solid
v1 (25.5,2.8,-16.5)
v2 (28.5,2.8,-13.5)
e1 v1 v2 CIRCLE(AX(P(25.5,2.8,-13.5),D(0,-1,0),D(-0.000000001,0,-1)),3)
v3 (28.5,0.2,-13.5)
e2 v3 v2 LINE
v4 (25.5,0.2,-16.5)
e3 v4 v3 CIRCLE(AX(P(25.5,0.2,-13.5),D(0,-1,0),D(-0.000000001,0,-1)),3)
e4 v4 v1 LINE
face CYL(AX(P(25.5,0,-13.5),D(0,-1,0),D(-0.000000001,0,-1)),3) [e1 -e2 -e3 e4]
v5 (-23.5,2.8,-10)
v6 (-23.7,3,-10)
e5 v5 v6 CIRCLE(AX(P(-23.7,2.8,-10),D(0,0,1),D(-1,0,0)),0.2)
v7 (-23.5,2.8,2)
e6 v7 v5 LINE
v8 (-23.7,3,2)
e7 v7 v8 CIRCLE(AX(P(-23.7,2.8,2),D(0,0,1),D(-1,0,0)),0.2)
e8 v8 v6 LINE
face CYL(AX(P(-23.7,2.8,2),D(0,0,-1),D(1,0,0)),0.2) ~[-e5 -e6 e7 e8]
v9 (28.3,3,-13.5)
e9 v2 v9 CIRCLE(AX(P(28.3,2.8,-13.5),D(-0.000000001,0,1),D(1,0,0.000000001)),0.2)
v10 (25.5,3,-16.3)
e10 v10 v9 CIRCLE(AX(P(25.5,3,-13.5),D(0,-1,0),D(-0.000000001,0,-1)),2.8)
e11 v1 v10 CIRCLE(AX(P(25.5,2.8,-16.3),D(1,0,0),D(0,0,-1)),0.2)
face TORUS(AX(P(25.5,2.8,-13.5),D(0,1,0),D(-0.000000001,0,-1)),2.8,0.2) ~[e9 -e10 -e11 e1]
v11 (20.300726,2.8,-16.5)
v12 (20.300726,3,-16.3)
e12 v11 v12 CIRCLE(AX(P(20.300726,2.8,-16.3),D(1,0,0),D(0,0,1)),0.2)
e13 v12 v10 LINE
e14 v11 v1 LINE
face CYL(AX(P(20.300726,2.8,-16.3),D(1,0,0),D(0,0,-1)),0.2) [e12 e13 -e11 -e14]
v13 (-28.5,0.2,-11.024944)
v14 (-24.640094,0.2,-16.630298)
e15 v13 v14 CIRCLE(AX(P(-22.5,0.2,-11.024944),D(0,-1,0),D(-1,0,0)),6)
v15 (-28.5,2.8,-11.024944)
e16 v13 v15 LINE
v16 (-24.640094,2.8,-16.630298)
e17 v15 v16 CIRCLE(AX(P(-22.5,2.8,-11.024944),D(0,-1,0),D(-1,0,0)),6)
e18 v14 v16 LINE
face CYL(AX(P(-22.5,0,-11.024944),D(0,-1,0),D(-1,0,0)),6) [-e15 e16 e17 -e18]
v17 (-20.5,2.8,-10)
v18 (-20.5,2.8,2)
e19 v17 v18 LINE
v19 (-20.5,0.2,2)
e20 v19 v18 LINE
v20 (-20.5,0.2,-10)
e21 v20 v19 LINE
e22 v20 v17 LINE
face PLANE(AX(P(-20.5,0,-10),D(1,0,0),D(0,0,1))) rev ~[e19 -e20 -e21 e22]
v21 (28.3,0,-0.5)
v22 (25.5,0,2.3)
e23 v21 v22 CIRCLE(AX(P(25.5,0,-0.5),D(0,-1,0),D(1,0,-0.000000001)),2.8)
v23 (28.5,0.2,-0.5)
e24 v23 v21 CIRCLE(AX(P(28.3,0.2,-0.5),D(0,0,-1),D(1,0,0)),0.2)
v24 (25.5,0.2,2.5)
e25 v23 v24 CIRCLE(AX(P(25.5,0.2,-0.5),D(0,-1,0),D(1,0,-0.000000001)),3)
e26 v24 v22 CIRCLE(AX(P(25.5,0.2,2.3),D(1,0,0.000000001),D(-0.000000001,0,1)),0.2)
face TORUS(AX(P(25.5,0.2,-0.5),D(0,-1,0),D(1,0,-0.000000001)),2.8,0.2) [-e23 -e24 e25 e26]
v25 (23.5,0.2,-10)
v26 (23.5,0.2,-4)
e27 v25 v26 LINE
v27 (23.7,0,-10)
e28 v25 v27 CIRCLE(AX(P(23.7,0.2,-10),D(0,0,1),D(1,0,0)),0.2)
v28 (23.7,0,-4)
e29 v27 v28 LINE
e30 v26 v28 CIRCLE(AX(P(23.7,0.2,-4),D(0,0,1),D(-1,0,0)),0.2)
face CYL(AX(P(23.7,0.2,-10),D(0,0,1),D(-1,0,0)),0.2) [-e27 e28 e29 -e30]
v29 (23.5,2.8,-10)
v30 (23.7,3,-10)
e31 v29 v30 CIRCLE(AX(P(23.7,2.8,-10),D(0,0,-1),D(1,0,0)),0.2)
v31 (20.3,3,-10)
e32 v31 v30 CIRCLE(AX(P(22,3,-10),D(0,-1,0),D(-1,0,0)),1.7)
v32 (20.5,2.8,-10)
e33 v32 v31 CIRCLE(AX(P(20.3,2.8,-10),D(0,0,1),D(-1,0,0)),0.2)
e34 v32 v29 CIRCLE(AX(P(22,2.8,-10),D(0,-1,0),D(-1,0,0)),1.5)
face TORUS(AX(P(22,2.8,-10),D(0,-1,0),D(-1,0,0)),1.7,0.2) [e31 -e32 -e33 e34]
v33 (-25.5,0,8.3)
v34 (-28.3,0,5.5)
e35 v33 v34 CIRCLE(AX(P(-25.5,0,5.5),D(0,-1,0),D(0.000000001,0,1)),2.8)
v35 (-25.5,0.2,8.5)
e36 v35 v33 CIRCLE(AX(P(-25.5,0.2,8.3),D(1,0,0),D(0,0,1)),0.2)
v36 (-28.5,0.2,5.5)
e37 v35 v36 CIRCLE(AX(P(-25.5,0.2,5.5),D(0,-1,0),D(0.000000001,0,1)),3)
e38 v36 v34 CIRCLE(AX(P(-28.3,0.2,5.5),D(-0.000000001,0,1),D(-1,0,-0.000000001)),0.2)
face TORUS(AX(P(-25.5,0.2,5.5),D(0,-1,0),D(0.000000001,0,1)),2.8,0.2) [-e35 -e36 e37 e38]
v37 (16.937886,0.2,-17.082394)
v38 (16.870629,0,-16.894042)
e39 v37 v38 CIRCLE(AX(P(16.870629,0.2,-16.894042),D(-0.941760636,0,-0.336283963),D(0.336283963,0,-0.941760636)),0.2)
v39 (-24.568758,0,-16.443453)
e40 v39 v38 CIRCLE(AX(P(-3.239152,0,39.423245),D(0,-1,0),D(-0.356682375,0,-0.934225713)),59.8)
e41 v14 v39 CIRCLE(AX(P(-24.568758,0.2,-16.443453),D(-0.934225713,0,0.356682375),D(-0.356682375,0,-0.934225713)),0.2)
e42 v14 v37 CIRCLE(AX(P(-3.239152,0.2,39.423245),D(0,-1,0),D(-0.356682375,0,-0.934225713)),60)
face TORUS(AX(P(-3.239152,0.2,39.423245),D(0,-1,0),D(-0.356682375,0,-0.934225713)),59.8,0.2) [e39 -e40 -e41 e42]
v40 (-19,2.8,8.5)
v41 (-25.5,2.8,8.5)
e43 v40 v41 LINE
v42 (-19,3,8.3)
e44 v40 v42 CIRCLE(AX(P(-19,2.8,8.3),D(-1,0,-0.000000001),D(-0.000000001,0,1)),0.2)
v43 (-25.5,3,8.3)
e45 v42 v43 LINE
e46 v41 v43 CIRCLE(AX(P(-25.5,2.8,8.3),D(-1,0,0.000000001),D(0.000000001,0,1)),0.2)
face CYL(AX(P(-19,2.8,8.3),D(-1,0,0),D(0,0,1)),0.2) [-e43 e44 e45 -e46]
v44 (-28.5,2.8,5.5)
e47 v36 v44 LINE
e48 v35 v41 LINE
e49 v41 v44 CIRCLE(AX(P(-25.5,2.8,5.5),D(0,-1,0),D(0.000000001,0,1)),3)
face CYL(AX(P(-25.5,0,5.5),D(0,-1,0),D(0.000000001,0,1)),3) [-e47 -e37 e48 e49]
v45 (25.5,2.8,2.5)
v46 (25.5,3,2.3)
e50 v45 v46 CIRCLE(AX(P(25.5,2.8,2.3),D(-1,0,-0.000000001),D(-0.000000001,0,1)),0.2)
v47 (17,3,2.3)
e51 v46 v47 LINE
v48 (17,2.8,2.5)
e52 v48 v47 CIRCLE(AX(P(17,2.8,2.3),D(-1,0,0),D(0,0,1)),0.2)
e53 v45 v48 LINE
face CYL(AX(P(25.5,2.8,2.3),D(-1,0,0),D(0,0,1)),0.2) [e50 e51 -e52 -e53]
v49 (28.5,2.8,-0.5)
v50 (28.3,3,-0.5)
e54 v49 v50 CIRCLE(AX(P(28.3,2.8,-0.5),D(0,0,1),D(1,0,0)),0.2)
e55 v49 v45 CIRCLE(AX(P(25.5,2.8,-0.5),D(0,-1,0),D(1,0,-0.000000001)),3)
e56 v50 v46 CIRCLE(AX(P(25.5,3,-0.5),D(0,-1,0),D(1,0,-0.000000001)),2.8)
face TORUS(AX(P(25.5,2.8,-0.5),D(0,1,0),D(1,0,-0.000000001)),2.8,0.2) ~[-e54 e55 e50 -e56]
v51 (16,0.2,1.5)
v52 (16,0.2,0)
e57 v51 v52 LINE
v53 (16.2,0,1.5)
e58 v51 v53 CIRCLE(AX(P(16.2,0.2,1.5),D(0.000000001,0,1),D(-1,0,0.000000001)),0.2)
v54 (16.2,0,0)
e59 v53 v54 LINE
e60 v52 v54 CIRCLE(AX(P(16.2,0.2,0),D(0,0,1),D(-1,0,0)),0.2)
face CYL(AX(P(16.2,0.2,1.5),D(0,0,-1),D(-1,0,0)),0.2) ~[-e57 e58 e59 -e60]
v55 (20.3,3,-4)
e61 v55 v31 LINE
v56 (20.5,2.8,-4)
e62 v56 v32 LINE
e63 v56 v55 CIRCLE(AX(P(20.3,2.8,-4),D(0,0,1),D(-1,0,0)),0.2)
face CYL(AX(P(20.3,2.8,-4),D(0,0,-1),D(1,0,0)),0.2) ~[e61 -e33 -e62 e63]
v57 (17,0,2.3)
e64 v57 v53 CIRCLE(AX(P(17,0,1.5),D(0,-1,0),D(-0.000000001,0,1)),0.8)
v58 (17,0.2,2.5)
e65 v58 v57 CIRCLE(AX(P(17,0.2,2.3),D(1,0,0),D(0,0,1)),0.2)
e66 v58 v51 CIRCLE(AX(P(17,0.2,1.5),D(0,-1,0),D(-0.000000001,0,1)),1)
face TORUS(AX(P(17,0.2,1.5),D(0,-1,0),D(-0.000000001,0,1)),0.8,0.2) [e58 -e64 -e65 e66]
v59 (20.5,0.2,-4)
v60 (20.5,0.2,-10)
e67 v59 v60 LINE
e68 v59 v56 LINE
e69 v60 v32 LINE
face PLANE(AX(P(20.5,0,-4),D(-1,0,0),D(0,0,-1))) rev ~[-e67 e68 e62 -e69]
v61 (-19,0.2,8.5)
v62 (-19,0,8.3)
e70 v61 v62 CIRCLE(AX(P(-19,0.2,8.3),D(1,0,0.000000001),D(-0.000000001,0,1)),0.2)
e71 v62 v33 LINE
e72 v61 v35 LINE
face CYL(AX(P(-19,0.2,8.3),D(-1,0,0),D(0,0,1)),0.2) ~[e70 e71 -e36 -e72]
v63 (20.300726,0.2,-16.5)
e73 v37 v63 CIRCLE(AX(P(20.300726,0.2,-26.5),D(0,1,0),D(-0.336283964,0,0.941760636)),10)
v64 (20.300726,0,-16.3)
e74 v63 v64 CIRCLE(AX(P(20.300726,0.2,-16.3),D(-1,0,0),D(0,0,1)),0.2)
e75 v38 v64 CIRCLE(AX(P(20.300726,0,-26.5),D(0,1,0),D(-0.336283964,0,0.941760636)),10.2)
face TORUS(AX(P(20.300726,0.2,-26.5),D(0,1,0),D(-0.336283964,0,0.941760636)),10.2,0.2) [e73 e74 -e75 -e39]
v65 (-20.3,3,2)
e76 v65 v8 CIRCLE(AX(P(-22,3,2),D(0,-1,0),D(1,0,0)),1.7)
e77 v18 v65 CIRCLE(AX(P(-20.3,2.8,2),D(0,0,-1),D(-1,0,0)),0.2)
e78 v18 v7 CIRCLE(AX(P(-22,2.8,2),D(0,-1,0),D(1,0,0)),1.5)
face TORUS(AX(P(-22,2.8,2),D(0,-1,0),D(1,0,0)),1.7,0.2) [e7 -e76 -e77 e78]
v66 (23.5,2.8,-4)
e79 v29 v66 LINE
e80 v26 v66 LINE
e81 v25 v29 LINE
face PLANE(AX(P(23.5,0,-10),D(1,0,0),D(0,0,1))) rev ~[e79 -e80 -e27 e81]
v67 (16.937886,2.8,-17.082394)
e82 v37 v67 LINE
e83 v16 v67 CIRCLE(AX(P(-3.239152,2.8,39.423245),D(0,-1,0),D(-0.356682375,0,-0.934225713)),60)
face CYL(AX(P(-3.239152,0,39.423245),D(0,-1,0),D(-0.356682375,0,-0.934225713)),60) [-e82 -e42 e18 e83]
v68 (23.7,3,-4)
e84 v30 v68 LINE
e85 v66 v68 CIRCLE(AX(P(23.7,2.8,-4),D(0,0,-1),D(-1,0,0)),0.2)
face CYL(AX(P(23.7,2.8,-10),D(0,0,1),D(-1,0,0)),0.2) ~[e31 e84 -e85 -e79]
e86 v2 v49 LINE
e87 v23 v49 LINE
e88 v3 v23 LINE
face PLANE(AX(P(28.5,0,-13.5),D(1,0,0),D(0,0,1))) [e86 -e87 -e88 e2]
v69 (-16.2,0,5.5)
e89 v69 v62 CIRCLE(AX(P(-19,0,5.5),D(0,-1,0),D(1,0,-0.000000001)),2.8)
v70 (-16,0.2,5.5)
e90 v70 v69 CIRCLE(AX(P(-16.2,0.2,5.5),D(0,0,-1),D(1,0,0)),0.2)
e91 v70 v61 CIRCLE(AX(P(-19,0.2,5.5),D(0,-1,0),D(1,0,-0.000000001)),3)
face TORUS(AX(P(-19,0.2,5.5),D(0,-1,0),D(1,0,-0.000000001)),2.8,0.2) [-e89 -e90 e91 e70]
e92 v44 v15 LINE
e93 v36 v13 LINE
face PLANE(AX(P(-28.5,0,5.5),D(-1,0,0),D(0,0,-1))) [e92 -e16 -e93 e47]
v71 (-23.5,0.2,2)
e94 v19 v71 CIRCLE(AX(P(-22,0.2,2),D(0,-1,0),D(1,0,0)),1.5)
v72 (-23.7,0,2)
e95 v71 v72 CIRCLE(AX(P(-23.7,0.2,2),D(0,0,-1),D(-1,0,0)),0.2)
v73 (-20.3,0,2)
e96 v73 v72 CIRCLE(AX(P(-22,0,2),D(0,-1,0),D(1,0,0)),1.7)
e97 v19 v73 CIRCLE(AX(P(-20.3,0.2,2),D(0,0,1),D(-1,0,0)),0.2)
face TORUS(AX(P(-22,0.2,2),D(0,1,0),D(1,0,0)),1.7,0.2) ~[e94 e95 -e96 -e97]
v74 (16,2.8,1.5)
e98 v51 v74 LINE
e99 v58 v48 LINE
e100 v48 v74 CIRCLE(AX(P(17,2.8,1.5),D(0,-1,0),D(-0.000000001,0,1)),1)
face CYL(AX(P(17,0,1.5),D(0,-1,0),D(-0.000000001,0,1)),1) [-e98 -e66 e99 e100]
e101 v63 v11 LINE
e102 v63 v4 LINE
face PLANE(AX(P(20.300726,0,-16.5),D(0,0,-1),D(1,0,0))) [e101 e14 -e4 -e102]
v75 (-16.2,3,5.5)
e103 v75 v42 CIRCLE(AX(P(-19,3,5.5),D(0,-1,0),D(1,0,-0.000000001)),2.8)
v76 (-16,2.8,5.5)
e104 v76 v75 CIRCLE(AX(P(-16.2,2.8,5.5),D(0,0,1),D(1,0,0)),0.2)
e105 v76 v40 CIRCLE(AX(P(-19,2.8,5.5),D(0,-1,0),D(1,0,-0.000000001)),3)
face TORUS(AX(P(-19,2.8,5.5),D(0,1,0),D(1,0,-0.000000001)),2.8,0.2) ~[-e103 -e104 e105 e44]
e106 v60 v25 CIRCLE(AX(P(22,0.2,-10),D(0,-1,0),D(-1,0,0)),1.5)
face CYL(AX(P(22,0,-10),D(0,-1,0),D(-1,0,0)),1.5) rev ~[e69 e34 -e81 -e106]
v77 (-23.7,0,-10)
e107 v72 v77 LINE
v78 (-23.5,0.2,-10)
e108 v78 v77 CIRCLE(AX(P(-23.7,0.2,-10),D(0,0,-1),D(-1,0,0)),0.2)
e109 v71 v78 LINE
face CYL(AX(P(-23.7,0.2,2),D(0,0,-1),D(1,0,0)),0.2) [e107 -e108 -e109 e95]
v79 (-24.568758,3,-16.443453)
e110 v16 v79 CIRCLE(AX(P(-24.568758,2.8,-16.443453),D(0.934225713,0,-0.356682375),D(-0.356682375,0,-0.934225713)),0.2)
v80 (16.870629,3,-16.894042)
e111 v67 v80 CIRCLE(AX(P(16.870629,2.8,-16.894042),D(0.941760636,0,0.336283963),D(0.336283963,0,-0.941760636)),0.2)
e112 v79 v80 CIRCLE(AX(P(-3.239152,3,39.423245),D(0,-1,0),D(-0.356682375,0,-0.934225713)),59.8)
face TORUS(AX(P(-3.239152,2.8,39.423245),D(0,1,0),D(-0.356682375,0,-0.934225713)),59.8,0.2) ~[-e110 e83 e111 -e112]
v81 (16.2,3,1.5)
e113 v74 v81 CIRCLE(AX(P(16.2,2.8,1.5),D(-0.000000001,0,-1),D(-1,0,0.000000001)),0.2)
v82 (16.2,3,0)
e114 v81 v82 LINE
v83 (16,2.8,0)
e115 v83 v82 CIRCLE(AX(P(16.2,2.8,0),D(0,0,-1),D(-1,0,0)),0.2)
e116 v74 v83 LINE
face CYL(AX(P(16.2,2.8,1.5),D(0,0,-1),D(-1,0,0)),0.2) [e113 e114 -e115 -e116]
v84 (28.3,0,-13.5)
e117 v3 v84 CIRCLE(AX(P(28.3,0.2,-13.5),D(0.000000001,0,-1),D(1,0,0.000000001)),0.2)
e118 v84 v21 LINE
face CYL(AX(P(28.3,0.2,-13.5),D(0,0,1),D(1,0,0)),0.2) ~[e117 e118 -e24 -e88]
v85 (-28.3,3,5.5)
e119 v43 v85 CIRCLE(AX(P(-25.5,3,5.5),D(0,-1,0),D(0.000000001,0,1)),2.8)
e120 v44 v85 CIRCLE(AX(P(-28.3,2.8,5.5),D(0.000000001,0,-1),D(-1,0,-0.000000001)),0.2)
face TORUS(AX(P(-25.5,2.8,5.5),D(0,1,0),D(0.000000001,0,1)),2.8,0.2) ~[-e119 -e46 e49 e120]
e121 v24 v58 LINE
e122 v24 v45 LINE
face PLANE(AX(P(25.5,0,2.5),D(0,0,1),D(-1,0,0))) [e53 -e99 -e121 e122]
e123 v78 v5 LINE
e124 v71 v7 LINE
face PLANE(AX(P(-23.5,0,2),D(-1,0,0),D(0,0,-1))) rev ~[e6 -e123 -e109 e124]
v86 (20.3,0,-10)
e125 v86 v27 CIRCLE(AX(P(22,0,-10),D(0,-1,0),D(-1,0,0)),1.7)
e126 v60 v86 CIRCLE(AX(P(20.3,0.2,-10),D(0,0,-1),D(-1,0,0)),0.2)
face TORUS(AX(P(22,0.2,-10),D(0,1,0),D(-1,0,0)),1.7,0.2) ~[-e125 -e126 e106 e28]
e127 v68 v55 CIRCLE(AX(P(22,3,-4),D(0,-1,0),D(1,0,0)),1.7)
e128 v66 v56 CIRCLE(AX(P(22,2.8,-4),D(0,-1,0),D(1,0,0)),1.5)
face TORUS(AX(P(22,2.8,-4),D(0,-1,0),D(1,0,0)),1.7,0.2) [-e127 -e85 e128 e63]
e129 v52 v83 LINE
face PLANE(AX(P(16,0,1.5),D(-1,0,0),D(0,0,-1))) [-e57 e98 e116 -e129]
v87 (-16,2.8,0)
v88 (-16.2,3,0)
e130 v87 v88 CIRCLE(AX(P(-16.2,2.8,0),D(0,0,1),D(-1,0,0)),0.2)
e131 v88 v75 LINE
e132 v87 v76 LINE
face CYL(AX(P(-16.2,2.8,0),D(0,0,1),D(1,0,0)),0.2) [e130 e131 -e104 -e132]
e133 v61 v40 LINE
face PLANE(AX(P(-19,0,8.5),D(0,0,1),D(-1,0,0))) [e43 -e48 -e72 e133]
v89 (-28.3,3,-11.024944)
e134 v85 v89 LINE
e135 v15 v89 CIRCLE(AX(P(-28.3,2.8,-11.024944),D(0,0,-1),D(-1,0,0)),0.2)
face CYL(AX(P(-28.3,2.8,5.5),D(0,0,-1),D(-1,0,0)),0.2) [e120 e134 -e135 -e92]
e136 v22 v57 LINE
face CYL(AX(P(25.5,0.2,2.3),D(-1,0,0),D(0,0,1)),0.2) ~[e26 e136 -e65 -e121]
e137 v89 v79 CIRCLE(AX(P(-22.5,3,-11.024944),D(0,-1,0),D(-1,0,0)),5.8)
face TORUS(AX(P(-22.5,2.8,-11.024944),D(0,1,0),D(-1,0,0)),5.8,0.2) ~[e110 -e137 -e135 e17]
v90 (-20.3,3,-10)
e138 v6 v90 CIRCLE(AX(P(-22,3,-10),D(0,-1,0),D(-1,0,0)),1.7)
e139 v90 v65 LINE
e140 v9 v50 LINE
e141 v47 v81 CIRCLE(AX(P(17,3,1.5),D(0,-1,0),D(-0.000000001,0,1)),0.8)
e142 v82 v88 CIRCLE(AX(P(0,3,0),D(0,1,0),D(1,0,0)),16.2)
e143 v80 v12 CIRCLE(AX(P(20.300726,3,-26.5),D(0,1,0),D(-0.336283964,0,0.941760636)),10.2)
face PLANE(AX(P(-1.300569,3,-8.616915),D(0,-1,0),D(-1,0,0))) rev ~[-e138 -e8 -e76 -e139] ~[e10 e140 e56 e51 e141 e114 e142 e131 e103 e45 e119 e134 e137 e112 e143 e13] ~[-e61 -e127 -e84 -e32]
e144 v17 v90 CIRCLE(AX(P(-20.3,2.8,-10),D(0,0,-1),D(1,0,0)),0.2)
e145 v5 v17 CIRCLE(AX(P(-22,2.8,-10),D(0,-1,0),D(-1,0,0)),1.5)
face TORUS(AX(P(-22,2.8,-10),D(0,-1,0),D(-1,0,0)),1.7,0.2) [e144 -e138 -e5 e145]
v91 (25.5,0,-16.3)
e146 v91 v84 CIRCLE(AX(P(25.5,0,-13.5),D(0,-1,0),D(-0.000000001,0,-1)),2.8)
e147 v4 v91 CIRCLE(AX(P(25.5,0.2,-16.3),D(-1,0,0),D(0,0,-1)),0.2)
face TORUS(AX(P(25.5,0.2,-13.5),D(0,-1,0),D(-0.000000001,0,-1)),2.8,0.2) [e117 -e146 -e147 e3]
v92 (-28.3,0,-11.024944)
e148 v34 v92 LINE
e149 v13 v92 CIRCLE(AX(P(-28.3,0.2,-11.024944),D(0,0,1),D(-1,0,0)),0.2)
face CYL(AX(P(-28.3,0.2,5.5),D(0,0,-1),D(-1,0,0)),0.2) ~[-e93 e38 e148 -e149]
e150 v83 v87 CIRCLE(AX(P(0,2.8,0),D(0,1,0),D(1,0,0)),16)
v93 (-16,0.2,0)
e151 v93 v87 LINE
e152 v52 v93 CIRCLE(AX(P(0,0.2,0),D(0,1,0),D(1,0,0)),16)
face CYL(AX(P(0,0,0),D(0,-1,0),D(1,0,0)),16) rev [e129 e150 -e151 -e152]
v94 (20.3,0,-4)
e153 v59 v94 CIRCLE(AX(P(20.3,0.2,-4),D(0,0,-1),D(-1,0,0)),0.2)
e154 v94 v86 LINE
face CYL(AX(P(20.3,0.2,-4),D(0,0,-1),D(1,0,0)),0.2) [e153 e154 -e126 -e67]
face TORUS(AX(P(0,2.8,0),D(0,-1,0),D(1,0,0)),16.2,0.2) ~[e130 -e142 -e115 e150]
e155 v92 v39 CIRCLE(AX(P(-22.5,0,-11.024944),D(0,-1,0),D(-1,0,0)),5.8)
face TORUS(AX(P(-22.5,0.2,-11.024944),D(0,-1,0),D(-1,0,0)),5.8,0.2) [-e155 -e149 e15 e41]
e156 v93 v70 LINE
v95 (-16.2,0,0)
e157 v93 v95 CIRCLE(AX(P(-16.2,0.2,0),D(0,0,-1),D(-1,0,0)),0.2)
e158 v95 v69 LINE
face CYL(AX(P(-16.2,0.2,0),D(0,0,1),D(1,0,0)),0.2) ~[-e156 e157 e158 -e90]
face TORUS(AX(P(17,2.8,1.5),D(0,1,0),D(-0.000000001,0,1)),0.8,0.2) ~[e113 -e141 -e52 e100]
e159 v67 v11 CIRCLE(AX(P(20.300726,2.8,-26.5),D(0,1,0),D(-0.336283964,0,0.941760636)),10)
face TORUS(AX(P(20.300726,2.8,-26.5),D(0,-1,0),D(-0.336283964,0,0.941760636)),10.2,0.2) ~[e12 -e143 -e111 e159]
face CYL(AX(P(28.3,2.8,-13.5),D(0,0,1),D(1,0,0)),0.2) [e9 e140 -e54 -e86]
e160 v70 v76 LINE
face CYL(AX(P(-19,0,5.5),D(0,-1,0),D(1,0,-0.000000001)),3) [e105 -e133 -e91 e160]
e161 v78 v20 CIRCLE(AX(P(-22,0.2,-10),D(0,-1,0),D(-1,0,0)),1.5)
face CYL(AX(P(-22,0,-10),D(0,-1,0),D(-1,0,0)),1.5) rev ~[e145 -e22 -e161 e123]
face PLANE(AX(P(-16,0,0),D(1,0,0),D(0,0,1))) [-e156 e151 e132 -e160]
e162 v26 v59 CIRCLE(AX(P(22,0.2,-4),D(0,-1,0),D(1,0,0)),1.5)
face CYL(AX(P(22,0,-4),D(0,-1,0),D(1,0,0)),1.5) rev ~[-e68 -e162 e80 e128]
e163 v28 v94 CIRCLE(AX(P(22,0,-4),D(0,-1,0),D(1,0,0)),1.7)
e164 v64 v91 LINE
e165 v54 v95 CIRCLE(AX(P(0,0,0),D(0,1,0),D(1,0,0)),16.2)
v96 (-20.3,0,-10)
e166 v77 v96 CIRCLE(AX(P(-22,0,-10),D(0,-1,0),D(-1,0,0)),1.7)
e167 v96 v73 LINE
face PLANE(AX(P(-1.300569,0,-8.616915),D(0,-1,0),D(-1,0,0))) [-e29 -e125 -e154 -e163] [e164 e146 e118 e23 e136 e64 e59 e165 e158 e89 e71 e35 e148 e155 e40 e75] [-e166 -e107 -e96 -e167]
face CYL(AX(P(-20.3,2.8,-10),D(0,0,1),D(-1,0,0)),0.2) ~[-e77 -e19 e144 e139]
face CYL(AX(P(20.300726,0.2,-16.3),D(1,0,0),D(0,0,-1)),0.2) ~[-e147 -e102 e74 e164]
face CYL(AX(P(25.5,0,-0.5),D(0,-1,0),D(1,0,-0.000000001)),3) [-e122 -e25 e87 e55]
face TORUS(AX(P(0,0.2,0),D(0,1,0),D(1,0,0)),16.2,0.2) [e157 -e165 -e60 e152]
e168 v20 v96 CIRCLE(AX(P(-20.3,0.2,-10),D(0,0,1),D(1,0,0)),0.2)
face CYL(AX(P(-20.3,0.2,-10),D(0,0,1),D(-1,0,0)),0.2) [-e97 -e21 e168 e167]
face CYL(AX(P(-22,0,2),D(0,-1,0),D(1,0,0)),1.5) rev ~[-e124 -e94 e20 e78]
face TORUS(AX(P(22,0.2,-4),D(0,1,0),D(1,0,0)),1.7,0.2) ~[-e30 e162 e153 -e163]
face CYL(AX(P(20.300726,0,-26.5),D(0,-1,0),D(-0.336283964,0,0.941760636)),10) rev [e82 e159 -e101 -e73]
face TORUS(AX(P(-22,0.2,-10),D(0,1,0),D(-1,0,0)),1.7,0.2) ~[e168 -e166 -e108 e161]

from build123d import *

# Parameters (mm, degrees)
BOSS_EXTRUDE1_DEPTH = 3
FILLET2_R           = 0.2


with BuildPart() as part:
    # Sketch1 → Boss-Extrude1 (new body)
    with BuildSketch(Plane(origin=(0, 0, 0), x_dir=(1, 0, 0), z_dir=(0, 1, 0))):
        with BuildLine():
            Line((28.5, 13.5), (28.5, 0.5))
            ThreePointArc((28.5, 0.5), (27.621320344, -1.621320344), (25.5, -2.5))
            Line((25.5, -2.5), (17, -2.5))
            ThreePointArc((17, -2.5), (16.292893219, -2.207106781), (16, -1.5))
            Line((16, -1.5), (16, 0))
            ThreePointArc((16, 0), (0, 16), (-16, 0))
            Line((-16, 0), (-16, -5.5))
            ThreePointArc((-16, -5.5), (-16.878679656, -7.621320344), (-19, -8.5))
            Line((-19, -8.5), (-25.5, -8.5))
            ThreePointArc((-25.5, -8.5), (-27.621320344, -7.621320344), (-28.5, -5.5))
            Line((-28.5, -5.5), (-28.5, 11.024943981))
            ThreePointArc((-28.5, 11.024943981), (-27.441688248, 14.427842342), (-24.640094248, 16.630298262))
            ThreePointArc((-24.640094248, 16.630298262), (-3.891519175, 20.573208824), (16.937886016, 17.082393637))
            ThreePointArc((16.937886016, 17.082393637), (18.594276649, 16.646674073), (20.300725647, 16.5))
            Line((20.300725647, 16.5), (25.5, 16.5))
            ThreePointArc((25.5, 16.5), (27.621320344, 15.621320344), (28.5, 13.5))
        make_face()
        with BuildLine():
            Line((23.5, 10), (23.5, 4))
            ThreePointArc((23.5, 4), (22, 2.5), (20.5, 4))
            Line((20.5, 4), (20.5, 10))
            ThreePointArc((20.5, 10), (22, 11.5), (23.5, 10))
        make_face(mode=Mode.SUBTRACT)
        with BuildLine():
            Line((-20.5, 10), (-20.5, -2))
            ThreePointArc((-20.5, -2), (-22, -3.5), (-23.5, -2))
            Line((-23.5, -2), (-23.5, 10))
            ThreePointArc((-23.5, 10), (-22, 11.5), (-20.5, 10))
        make_face(mode=Mode.SUBTRACT)
    extrude(amount=BOSS_EXTRUDE1_DEPTH)

    # Fillet2
    fillet2_edges = [part.edges().sort_by_distance(p)[0] for p in [
        (-27.621320344, 3, 7.621320344),
        (-22.25, 3, 8.5),
        (-3.891519175, 0, -20.573208824),
        (18.594276649, 0, -16.646674073),
        (22.900362823, 0, -16.5),
        (27.621320344, 0, -15.621320344),
        (28.5, 0, -7),
        (-16.878679656, 3, 7.621320344),
        (27.621320344, 0, 1.621320344),
        (21.25, 0, 2.5),
        (16.292893219, 0, 2.207106781),
        (16, 0, 0.75),
        (0, 0, -16),
        (-16, 0, 2.75),
        (-16.878679656, 0, 7.621320344),
        (-22.25, 0, 8.5),
        (-16, 3, 2.75),
        (-27.621320344, 0, 7.621320344),
        (-28.5, 0, -2.762471991),
        (-27.441688248, 0, -14.427842342),
        (0, 3, -16),
        (16, 3, 0.75),
        (16.292893219, 3, 2.207106781),
        (21.25, 3, 2.5),
        (27.621320344, 3, 1.621320344),
        (28.5, 3, -7),
        (-27.441688248, 3, -14.427842342),
        (27.621320344, 3, -15.621320344),
        (22, 0, -11.5),
        (20.5, 0, -7),
        (22, 0, -2.5),
        (23.5, 0, -7),
        (22, 3, -11.5),
        (22.900362823, 3, -16.5),
        (20.5, 3, -7),
        (22, 3, -2.5),
        (23.5, 3, -7),
        (18.594276649, 3, -16.646674073),
        (-3.891519175, 3, -20.573208824),
        (-22, 0, -11.5),
        (-23.5, 0, -4),
        (-22, 0, 3.5),
        (-20.5, 0, -4),
        (-22, 3, -11.5),
        (-23.5, 3, -4),
        (-22, 3, 3.5),
        (-20.5, 3, -4),
        (-28.5, 3, -2.762471991),
    ]]
    fillet(fillet2_edges, radius=FILLET2_R)


solid = part.part
